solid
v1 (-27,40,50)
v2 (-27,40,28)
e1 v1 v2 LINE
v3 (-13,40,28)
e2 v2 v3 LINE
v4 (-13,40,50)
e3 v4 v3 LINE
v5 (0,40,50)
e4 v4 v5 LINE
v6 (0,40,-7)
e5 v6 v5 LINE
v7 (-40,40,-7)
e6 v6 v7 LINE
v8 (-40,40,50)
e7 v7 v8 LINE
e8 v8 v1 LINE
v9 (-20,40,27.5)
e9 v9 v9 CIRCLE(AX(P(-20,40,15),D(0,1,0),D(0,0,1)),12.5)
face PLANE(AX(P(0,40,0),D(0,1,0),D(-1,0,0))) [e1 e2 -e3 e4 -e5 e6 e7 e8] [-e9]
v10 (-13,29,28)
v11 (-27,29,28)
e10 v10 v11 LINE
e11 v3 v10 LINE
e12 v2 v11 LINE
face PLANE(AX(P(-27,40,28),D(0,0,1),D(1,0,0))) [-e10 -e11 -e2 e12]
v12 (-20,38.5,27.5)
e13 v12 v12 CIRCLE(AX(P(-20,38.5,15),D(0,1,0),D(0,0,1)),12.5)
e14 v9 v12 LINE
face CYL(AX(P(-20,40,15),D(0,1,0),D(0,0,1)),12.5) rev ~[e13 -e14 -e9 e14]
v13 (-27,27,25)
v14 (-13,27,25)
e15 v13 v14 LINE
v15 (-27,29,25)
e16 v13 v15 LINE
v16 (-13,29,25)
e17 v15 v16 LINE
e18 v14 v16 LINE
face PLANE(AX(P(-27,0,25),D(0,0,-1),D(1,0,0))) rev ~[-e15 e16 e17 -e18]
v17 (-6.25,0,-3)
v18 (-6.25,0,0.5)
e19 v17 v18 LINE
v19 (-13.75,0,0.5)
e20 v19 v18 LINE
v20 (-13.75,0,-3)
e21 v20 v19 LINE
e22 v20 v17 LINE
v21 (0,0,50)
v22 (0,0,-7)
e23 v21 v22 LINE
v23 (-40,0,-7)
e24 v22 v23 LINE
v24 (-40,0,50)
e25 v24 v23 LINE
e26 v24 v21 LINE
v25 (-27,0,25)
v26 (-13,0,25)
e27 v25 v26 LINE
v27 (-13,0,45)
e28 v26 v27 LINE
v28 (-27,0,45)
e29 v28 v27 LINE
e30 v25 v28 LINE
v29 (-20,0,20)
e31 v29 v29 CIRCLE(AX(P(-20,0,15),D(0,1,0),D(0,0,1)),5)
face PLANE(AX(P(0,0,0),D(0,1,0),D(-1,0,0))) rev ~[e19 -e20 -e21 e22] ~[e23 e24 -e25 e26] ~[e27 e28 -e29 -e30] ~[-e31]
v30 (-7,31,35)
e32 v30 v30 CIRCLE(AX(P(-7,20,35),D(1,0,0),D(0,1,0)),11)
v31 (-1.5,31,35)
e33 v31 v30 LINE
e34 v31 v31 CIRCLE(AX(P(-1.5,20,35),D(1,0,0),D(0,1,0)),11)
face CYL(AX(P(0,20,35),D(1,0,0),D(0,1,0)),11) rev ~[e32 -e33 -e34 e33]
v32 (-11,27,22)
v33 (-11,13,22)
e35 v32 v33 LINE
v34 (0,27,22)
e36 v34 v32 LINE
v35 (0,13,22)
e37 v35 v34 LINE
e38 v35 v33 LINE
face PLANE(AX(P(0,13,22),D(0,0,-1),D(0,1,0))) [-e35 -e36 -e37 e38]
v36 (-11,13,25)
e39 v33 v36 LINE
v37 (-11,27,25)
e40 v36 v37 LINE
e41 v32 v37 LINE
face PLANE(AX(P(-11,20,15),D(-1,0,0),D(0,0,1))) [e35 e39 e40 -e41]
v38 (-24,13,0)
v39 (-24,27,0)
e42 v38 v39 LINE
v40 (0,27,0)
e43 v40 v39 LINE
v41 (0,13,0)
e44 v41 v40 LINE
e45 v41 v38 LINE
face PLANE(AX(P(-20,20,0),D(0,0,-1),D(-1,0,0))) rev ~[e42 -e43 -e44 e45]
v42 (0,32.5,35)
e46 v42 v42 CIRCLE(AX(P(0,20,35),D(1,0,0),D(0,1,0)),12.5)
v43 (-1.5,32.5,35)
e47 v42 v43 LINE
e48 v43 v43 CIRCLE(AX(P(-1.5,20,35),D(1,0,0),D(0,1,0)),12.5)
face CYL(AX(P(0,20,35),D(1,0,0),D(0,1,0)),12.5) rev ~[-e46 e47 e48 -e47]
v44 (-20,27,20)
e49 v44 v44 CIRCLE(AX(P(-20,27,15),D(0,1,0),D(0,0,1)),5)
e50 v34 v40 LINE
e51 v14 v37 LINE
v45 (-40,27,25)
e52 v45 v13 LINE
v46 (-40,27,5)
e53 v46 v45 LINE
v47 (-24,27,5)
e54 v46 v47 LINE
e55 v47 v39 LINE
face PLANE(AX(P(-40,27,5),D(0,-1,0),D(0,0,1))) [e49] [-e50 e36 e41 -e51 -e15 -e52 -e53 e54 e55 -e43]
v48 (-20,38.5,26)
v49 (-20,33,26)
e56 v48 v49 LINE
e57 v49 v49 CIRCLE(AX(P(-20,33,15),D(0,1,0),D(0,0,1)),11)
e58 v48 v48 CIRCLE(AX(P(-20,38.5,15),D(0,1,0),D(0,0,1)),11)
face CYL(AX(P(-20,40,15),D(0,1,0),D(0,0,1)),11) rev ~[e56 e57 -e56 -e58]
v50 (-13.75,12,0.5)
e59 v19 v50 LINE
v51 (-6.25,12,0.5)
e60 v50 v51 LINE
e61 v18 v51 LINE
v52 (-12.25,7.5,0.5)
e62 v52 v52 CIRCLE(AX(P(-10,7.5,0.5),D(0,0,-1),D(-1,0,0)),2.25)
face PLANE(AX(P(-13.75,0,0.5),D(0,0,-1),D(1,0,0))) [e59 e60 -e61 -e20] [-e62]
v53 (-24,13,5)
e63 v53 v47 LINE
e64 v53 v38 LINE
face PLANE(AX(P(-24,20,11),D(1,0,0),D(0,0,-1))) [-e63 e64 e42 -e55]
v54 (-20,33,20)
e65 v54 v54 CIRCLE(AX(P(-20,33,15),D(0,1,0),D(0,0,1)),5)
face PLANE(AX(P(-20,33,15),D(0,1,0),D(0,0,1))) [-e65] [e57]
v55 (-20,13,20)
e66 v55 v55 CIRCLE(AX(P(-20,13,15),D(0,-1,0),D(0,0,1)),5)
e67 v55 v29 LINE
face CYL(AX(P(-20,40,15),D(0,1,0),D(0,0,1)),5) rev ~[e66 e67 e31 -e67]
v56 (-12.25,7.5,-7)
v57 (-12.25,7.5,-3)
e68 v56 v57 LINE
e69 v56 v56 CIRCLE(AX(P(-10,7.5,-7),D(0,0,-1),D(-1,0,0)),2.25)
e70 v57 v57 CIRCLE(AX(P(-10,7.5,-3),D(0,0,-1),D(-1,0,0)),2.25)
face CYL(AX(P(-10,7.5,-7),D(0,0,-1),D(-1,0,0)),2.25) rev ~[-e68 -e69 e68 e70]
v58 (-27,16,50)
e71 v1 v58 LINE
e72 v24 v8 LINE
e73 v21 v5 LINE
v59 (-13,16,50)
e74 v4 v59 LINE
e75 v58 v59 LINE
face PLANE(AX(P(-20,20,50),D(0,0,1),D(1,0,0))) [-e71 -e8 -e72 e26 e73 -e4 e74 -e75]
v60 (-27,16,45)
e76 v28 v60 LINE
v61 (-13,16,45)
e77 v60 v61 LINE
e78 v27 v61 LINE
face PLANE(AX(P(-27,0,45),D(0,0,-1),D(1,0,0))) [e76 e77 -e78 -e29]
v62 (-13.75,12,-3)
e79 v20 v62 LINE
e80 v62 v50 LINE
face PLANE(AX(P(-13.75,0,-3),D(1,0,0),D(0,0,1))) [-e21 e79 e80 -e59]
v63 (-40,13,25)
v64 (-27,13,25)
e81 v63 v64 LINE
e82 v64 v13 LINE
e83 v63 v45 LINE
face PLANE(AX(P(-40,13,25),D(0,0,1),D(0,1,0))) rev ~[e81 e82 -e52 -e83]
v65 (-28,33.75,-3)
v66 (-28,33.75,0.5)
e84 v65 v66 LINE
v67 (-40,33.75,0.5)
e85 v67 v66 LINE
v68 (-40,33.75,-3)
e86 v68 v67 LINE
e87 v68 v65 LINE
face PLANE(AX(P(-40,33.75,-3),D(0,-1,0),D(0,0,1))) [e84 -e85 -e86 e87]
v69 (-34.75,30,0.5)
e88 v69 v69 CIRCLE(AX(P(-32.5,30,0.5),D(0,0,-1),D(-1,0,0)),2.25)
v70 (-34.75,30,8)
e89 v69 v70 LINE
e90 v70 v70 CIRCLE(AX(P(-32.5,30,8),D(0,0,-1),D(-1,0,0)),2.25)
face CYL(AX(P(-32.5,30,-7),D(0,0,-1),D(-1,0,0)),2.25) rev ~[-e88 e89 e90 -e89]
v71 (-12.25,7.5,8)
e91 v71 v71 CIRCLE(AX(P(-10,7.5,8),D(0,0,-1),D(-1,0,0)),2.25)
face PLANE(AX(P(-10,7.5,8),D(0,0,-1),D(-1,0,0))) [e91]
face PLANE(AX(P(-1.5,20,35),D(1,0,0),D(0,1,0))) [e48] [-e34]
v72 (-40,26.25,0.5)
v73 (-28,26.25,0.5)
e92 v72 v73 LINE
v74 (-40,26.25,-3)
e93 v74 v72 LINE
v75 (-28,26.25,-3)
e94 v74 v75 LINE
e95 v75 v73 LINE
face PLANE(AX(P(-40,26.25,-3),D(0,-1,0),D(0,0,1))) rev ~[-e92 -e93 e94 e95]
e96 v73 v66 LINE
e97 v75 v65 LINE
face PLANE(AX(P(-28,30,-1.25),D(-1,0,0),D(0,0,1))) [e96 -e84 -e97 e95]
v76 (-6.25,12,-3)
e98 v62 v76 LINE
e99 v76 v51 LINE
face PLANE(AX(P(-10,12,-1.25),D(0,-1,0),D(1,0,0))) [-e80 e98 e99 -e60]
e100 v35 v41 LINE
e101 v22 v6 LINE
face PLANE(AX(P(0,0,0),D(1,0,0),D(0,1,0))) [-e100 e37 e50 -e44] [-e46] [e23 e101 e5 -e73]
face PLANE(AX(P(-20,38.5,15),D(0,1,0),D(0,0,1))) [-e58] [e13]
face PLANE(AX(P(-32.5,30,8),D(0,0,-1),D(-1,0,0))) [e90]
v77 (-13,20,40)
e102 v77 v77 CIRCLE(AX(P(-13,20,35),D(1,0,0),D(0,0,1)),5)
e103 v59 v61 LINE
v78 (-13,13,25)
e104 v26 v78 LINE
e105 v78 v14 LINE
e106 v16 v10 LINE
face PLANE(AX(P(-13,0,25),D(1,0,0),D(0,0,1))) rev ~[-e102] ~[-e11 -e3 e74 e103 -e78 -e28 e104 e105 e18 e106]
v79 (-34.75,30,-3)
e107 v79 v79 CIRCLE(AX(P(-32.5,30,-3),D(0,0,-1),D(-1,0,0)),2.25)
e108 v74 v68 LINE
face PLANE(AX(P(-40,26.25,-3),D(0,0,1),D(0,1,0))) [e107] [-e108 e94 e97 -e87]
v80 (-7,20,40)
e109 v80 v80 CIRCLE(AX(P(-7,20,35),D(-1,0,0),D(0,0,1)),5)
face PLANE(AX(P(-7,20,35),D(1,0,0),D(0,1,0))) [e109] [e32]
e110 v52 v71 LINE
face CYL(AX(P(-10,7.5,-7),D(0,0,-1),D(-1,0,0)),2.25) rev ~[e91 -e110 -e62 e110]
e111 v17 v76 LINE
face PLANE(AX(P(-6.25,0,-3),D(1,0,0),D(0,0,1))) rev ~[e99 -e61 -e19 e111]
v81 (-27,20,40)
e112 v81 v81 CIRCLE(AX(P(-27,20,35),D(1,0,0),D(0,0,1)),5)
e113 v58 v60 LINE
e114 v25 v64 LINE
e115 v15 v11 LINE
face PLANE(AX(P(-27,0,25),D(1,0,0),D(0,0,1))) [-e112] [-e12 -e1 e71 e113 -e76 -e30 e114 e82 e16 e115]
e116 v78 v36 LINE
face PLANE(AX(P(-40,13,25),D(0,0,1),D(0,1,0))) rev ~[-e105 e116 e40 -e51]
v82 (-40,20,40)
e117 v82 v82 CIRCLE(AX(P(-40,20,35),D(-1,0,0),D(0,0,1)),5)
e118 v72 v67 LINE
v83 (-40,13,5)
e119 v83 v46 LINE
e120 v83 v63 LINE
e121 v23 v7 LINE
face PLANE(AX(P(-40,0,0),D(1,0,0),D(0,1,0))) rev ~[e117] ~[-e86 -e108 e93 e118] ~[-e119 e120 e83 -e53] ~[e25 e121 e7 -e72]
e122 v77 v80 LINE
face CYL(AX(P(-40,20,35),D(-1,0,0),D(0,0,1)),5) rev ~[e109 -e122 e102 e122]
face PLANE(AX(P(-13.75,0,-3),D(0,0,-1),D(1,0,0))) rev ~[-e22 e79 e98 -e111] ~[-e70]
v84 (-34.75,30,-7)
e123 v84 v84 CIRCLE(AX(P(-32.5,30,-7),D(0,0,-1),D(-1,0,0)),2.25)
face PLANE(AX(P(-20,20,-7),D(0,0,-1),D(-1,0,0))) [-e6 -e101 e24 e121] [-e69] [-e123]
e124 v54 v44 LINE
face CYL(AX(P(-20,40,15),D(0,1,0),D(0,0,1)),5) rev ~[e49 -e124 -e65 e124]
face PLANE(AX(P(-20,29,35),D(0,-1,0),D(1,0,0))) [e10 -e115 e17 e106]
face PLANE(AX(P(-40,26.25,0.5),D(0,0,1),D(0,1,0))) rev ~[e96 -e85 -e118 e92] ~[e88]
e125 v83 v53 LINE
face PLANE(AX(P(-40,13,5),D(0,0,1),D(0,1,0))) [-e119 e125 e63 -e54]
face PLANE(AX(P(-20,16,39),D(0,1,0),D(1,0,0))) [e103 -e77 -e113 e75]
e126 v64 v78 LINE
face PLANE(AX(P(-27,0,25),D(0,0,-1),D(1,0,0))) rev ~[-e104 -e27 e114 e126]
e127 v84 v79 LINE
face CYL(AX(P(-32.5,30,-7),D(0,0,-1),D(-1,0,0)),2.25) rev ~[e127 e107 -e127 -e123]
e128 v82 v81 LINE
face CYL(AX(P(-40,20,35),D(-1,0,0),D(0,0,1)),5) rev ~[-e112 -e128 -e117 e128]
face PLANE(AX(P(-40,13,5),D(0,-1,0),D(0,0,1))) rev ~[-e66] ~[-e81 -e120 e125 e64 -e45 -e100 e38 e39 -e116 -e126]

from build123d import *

# Parameters (mm, degrees)
ESQUISSE1_W              = 40
ESQUISSE1_H              = 40
BOSS_EXTRU_1_DEPTH       = 50
ESQUISSE2_R              = 5
ENL_V_MAT_EXTRU_1_DEPTH  = 41
ESQUISSE3_R              = 5
ENL_V_MAT_EXTRU_2_DEPTH  = 41
ESQUISSE4_W              = 20
ESQUISSE4_H              = 14
ENL_V_MAT_EXTRU_3_DEPTH  = 29
ESQUISSE5_W              = 14
ESQUISSE5_H              = 20
ENL_V_MAT_EXTRU_4_DEPTH  = 29
ESQUISSE6_W              = 22
ESQUISSE6_H              = 14
ENL_V_MAT_EXTRU_5_DEPTH  = 24
ESQUISSE7_W              = 14
ESQUISSE7_H              = 22
ENL_V_MAT_EXTRU_6_DEPTH  = 24
ESQUISSE8_R              = 11
ENL_V_MAT_EXTRU_7_DEPTH  = 7
ESQUISSE9_R              = 12.5
ENL_V_MAT_EXTRU_8_DEPTH  = 1.5
ESQUISSE10_R             = 11
ENL_V_MAT_EXTRU_9_DEPTH  = 7
ESQUISSE11_R             = 12.5
ENL_V_MAT_EXTRU_10_DEPTH = 1.5
ESQUISSE12_W             = 40
ESQUISSE12_H             = 40
BOSS_EXTRU_2_DEPTH       = 7
ESQUISSE13_R             = 2.25
ENL_V_MAT_EXTRU_11_DEPTH = 15
ESQUISSE14_W             = 3.5
ESQUISSE14_H             = 7.5
ENL_V_MAT_EXTRU_12_DEPTH = 12
ESQUISSE15_W             = 7.5
ESQUISSE15_H             = 3.5
ENL_V_MAT_EXTRU_13_DEPTH = 12


with BuildPart() as part:
    # Esquisse1 → Boss.-Extru.1 (new body)
    with BuildSketch(Plane.XY):
        with Locations((-20, 20)):
            Rectangle(ESQUISSE1_W, ESQUISSE1_H)
    extrude(amount=BOSS_EXTRU_1_DEPTH)

    # Esquisse2 → Enlèv. mat.-Extru.1 (cut, through all)
    with BuildSketch(Plane(origin=(0, 40, 0), x_dir=(1, 0, 0), z_dir=(0, 1, 0))):
        with Locations(Location((-20, -15, 0), (0, 0, 270))):  # turned: the seam where the file's is
            Circle(ESQUISSE2_R)
    extrude(amount=-ENL_V_MAT_EXTRU_1_DEPTH, mode=Mode.SUBTRACT)

    # Esquisse3 → Enlèv. mat.-Extru.2 (cut, through all)
    with BuildSketch(Plane.ZY.offset(40)):
        with Locations((35, 20)):
            Circle(ESQUISSE3_R)
    extrude(amount=-ENL_V_MAT_EXTRU_2_DEPTH, mode=Mode.SUBTRACT)

    # Esquisse4 → Enlèv. mat.-Extru.3 (cut)
    with BuildSketch(Plane.ZY.offset(40)):
        with Locations((15, 20)):
            Rectangle(ESQUISSE4_W, ESQUISSE4_H)
    extrude(amount=-ENL_V_MAT_EXTRU_3_DEPTH, mode=Mode.SUBTRACT)

    # Esquisse5 → Enlèv. mat.-Extru.4 (cut)
    with BuildSketch(Plane.XZ):
        with Locations((-20, 35)):
            Rectangle(ESQUISSE5_W, ESQUISSE5_H)
    extrude(amount=-ENL_V_MAT_EXTRU_4_DEPTH, mode=Mode.SUBTRACT)

    # Esquisse6 → Enlèv. mat.-Extru.5 (cut)
    with BuildSketch(Plane(origin=(0, 0, 0), x_dir=(0, 0, -1), z_dir=(1, 0, 0))):
        with Locations((-11, 20)):
            Rectangle(ESQUISSE6_W, ESQUISSE6_H)
    extrude(amount=-ENL_V_MAT_EXTRU_5_DEPTH, mode=Mode.SUBTRACT)

    # Esquisse7 → Enlèv. mat.-Extru.6 (cut)
    with BuildSketch(Plane(origin=(0, 40, 0), x_dir=(1, 0, 0), z_dir=(0, 1, 0))):
        with Locations((-20, -39)):
            Rectangle(ESQUISSE7_W, ESQUISSE7_H)
    extrude(amount=-ENL_V_MAT_EXTRU_6_DEPTH, mode=Mode.SUBTRACT)

    # Esquisse8 → Enlèv. mat.-Extru.7 (cut)
    with BuildSketch(Plane(origin=(0, 0, 0), x_dir=(0, 0, -1), z_dir=(1, 0, 0))):
        with Locations(Location((-35, 20, 0), (0, 0, 90))):  # turned: the seam where the file's is
            Circle(ESQUISSE8_R)
    extrude(amount=-ENL_V_MAT_EXTRU_7_DEPTH, mode=Mode.SUBTRACT)

    # Esquisse9 → Enlèv. mat.-Extru.8 (cut)
    with BuildSketch(Plane(origin=(0, 0, 0), x_dir=(0, 0, -1), z_dir=(1, 0, 0))):
        with Locations(Location((-35, 20, 0), (0, 0, 90))):  # turned: the seam where the file's is
            Circle(ESQUISSE9_R)
    extrude(amount=-ENL_V_MAT_EXTRU_8_DEPTH, mode=Mode.SUBTRACT)

    # Esquisse10 → Enlèv. mat.-Extru.9 (cut)
    with BuildSketch(Plane(origin=(0, 40, 0), x_dir=(1, 0, 0), z_dir=(0, 1, 0))):
        with Locations(Location((-20, -15, 0), (0, 0, 270))):  # turned: the seam where the file's is
            Circle(ESQUISSE10_R)
    extrude(amount=-ENL_V_MAT_EXTRU_9_DEPTH, mode=Mode.SUBTRACT)

    # Esquisse11 → Enlèv. mat.-Extru.10 (cut)
    with BuildSketch(Plane(origin=(0, 40, 0), x_dir=(1, 0, 0), z_dir=(0, 1, 0))):
        with Locations(Location((-20, -15, 0), (0, 0, 270))):  # turned: the seam where the file's is
            Circle(ESQUISSE11_R)
    extrude(amount=-ENL_V_MAT_EXTRU_10_DEPTH, mode=Mode.SUBTRACT)

    # Esquisse12 → Boss.-Extru.2 (add)
    with BuildSketch(Plane(origin=(0, 0, 0), x_dir=(-1, 0, 0), z_dir=(0, 0, -1))):
        with Locations((20, 20)):
            Rectangle(ESQUISSE12_W, ESQUISSE12_H)
    extrude(amount=BOSS_EXTRU_2_DEPTH)

    # Esquisse13 → Enlèv. mat.-Extru.11 (cut)
    with BuildSketch(Plane(origin=(0, 0, -7), x_dir=(-1, 0, 0), z_dir=(0, 0, -1))):
        with Locations((10, 7.5)):
            Circle(ESQUISSE13_R)
        with Locations((32.5, 30)):
            Circle(ESQUISSE13_R)
    extrude(amount=-ENL_V_MAT_EXTRU_11_DEPTH, mode=Mode.SUBTRACT)

    # Esquisse14 → Enlèv. mat.-Extru.12 (cut)
    with BuildSketch(Plane.ZY.offset(40)):
        with Locations((-1.25, 30)):
            Rectangle(ESQUISSE14_W, ESQUISSE14_H)
    extrude(amount=-ENL_V_MAT_EXTRU_12_DEPTH, mode=Mode.SUBTRACT)

    # Esquisse15 → Enlèv. mat.-Extru.13 (cut)
    with BuildSketch(Plane.XZ):
        with Locations((-10, -1.25)):
            Rectangle(ESQUISSE15_W, ESQUISSE15_H)
    extrude(amount=-ENL_V_MAT_EXTRU_13_DEPTH, mode=Mode.SUBTRACT)


solid = part.part
